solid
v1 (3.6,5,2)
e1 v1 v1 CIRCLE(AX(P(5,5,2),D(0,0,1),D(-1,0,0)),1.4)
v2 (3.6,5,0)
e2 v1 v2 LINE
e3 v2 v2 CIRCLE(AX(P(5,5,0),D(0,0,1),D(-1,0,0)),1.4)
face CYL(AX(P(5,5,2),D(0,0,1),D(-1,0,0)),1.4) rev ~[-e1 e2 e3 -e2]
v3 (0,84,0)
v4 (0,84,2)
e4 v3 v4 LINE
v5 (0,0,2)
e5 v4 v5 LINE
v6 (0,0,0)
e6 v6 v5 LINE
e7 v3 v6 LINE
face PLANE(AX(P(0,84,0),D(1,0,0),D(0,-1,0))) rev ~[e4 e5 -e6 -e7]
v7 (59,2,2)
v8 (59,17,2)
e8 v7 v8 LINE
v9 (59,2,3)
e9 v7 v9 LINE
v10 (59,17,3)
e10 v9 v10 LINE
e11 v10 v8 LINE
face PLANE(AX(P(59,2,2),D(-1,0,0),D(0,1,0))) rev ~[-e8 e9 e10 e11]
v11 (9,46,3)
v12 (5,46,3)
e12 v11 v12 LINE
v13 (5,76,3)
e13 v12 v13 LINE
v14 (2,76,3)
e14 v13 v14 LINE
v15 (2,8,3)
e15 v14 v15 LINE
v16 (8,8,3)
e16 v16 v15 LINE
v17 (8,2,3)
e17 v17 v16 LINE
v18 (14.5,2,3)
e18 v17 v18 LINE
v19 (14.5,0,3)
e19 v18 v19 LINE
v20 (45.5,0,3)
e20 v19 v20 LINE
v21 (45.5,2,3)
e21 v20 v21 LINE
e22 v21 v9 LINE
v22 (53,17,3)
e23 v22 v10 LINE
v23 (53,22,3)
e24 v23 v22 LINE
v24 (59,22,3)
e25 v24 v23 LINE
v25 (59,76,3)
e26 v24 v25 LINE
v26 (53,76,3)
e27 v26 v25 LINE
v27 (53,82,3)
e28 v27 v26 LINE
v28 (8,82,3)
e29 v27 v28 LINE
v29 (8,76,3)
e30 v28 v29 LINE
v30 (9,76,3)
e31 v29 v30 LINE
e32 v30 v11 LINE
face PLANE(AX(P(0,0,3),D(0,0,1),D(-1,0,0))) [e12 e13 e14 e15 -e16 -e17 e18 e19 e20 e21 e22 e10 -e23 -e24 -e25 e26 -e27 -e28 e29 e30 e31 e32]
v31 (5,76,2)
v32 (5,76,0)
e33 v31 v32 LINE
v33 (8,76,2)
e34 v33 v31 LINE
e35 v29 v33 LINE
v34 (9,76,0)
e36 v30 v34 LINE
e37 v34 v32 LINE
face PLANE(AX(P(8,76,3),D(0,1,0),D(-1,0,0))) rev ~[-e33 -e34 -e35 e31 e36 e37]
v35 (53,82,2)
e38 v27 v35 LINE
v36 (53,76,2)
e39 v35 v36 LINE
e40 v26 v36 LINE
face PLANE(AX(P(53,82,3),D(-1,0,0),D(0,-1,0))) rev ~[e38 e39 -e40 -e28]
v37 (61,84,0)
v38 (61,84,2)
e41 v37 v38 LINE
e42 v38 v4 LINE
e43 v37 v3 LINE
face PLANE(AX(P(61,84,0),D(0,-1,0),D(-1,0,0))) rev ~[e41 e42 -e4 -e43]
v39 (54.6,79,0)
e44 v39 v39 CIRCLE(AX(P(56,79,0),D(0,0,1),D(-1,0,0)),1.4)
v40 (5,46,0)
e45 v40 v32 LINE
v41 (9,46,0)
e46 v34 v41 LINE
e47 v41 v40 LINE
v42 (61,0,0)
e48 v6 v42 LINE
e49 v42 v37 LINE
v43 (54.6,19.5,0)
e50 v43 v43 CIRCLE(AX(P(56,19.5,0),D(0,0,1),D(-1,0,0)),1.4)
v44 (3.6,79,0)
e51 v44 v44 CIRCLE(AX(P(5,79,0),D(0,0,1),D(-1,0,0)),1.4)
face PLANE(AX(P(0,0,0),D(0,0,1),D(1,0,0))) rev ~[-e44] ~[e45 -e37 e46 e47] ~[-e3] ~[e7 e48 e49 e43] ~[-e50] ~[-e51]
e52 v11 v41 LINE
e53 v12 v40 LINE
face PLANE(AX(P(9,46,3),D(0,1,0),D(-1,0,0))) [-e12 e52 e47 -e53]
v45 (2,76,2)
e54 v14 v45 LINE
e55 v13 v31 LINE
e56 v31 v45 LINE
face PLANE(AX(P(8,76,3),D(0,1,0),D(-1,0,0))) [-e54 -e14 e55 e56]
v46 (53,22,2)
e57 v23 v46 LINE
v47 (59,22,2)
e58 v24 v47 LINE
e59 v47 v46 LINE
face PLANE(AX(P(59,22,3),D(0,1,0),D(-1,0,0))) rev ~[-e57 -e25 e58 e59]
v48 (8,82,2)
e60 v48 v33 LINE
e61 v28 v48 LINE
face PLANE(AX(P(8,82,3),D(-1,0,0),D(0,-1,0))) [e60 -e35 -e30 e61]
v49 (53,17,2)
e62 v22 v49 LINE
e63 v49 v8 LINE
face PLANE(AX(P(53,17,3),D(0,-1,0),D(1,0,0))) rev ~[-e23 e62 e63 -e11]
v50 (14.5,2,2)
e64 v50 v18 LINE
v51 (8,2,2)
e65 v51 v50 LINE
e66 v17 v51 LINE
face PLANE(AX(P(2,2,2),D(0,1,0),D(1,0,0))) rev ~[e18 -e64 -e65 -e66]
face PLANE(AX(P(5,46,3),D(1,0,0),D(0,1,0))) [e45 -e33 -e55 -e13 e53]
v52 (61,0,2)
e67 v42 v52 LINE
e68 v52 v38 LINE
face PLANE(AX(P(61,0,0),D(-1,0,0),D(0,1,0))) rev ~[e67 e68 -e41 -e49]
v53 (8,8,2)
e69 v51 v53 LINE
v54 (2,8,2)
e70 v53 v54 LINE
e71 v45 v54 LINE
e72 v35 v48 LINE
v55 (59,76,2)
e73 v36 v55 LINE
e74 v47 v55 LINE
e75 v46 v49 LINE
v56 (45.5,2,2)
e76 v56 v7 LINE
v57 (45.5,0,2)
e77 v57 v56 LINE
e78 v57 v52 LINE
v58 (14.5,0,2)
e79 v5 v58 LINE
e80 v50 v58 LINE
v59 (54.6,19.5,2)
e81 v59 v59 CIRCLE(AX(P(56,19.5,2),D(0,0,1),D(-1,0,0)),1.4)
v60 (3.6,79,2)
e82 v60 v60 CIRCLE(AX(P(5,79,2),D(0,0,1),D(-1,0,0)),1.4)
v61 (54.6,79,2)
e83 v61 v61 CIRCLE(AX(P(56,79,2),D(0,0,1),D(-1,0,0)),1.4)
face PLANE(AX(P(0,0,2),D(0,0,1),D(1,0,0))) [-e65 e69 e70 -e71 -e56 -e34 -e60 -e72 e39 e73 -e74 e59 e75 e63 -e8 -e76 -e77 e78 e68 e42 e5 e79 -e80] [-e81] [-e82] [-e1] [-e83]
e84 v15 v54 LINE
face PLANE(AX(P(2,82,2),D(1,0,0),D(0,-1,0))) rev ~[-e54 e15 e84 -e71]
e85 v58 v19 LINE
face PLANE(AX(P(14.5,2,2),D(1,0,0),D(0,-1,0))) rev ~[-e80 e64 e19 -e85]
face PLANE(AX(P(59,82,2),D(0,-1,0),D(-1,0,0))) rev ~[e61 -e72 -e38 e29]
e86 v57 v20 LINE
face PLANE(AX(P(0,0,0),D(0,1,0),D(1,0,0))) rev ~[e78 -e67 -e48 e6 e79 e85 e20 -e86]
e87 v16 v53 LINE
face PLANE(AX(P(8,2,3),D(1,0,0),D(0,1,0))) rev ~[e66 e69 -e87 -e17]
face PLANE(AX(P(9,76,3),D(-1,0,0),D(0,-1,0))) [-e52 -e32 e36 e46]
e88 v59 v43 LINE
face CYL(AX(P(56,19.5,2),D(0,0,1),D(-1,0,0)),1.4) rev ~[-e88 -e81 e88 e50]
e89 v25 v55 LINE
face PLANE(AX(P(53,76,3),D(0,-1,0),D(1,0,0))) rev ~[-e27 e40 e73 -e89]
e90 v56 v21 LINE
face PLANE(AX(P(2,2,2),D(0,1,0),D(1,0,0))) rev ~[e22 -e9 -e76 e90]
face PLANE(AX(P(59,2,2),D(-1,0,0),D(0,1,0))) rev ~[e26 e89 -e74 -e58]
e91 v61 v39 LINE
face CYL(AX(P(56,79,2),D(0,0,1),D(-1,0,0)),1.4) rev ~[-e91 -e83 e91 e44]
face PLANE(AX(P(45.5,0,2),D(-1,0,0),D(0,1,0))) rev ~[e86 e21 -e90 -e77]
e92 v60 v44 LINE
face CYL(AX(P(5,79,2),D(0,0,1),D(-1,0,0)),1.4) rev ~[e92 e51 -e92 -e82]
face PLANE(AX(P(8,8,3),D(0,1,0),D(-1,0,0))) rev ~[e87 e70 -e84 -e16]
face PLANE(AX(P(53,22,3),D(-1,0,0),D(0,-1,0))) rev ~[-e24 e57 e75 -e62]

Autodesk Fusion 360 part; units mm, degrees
sketch "Sketch1" plane through (0, 0, 0) normal (0, 0, 1) x (1, 0, 0)
  line L0 (0, 0) -> (61, 0)
  line L1 (61, 0) -> (61, 84)
  line L2 (61, 84) -> (0, 84)
  line L3 (0, 84) -> (0, 0)
  dimension "d1" = 61
  dimension "d2" = 84
extrude "Extrude1" add sketch "Sketch1" along normal blind 2
sketch "Sketch2" plane through (0, 0, 2) normal (0, 0, 1) x (-1, 0, 0)
  line L0 (0, -84) -> (0, 0)
  line L1 (0, 0) -> (-61, 0)
  line L2 (-61, 0) -> (-61, -84)
  line L3 (-61, -84) -> (0, -84)
  line L4 (-2, -2) -> (-59, -2)
  line L5 (-59, -2) -> (-59, -82)
  line L6 (-59, -82) -> (-2, -82)
  line L7 (-2, -82) -> (-2, -2)
  dimension "d5" = 57
  dimension "d6" = 80
extrude "Extrude2" add sketch "Sketch2" along normal blind 1 contours L4 L5 L6 L7
sketch "Sketch3" plane through (0, 0, 3) normal (0, 0, 1) x (-1, 0, 0)
  line L0 (-2, -82) -> (-2, -2)
  line L1 (-2, -2) -> (-59, -2)
  line L2 (-59, -2) -> (-59, -82)
  line L3 (-59, -82) -> (-2, -82)
  line L4 (-59, -82) -> (-53, -82)
  line L5 (-53, -82) -> (-53, -76)
  line L6 (-53, -76) -> (-59, -76)
  line L7 (-59, -76) -> (-59, -82)
extrude "Extrude3" cut sketch "Sketch3" against normal blind 1 contours L2 L3 L4 L5 L6 L7
sketch "Sketch4" plane through (0, 0, 3) normal (0, 0, 1) x (-1, 0, 0)
  line L0 (-53, -76) -> (-53, -82)
  line L1 (-53, -82) -> (-2, -82)
  line L2 (-2, -82) -> (-2, -2)
  line L3 (-2, -2) -> (-59, -2)
  line L4 (-59, -2) -> (-59, -76)
  line L5 (-59, -76) -> (-53, -76)
  line L6 (-2, -82) -> (-8, -82)
  line L7 (-8, -82) -> (-8, -76)
  line L8 (-8, -76) -> (-2, -76)
  line L9 (-2, -76) -> (-2, -82)
extrude "Extrude4" cut sketch "Sketch4" against normal blind 1 contours L1 L2 L6 L7 L8 L9
sketch "Sketch5" plane through (0, 0, 3) normal (0, 0, 1) x (-1, 0, 0)
  line L0 (-8, -76) -> (-2, -76)
  line L1 (-2, -76) -> (-2, -2)
  line L2 (-2, -2) -> (-59, -2)
  line L3 (-59, -2) -> (-59, -76)
  line L4 (-59, -76) -> (-53, -76)
  line L5 (-53, -76) -> (-53, -82)
  line L6 (-53, -82) -> (-8, -82)
  line L7 (-8, -82) -> (-8, -76)
  line L8 (-2, -2) -> (-8, -2)
  line L9 (-8, -2) -> (-8, -8)
  line L10 (-8, -8) -> (-2, -8)
  line L11 (-2, -8) -> (-2, -2)
extrude "Extrude5" cut sketch "Sketch5" against normal blind 1 contours L1 L2 L8 L9 L10 L11
sketch "Sketch6" plane through (0, 0, 2) normal (0, 0, 1) x (-1, 0, 0)
  line L0 (-8, -82) -> (-53, -82)
  line L1 (-53, -82) -> (-53, -76)
  line L2 (-53, -76) -> (-59, -76)
  line L3 (-59, -76) -> (-59, -2)
  line L4 (-59, -2) -> (-8, -2)
  line L5 (-8, -2) -> (-8, -8)
  line L6 (-8, -8) -> (-2, -8)
  line L7 (-2, -8) -> (-2, -76)
  line L8 (-2, -76) -> (-8, -76)
  line L9 (-8, -76) -> (-8, -82)
  line L10 (0, -84) -> (0, 0)
  line L11 (0, 0) -> (-61, 0)
  line L12 (-61, 0) -> (-61, -84)
  line L13 (-61, -84) -> (0, -84)
  line L14 (-14.5, 0) -> (-45.5, 0)
  line L15 (-45.5, 0) -> (-45.5, -2)
  line L16 (-45.5, -2) -> (-14.5, -2)
  line L17 (-14.5, -2) -> (-14.5, 0)
  dimension "d15" = 31
  dimension "d16" = 2
extrude "Extrude6" add sketch "Sketch6" along normal blind 1 contours L4 L11 L14 L15 L16 L17
sketch "Sketch7" plane through (0, 0, 3) normal (0, 0, 1) x (-1, 0, 0)
  line L0 (-8, -8) -> (-8, -2)
  line L1 (-8, -2) -> (-14.5, -2)
  line L2 (-14.5, -2) -> (-14.5, 0)
  line L3 (-14.5, 0) -> (-45.5, 0)
  line L4 (-45.5, 0) -> (-45.5, -2)
  line L5 (-45.5, -2) -> (-59, -2)
  line L6 (-59, -2) -> (-59, -76)
  line L7 (-59, -76) -> (-53, -76)
  line L8 (-53, -76) -> (-53, -82)
  line L9 (-53, -82) -> (-8, -82)
  line L10 (-8, -82) -> (-8, -76)
  line L11 (-8, -76) -> (-2, -76)
  line L12 (-2, -76) -> (-2, -8)
  line L13 (-2, -8) -> (-8, -8)
  line L14 (-53, -17) -> (-59, -17)
  line L15 (-59, -17) -> (-59, -22)
  line L16 (-59, -22) -> (-53, -22)
  line L17 (-53, -22) -> (-53, -17)
  dimension "d19" = 5
extrude "Extrude7" cut sketch "Sketch7" against normal blind 1 contours L6 L14 L15 L16 L17
sketch "Sketch8" plane through (0, 0, 3) normal (0, 0, 1) x (-1, 0, 0)
  line L0 (-53, -22) -> (-59, -22)
  line L1 (-59, -22) -> (-59, -76)
  line L2 (-59, -76) -> (-53, -76)
  line L3 (-53, -76) -> (-53, -82)
  line L4 (-53, -82) -> (-8, -82)
  line L5 (-8, -82) -> (-8, -76)
  line L6 (-8, -76) -> (-2, -76)
  line L7 (-2, -76) -> (-2, -8)
  line L8 (-2, -8) -> (-8, -8)
  line L9 (-8, -8) -> (-8, -2)
  line L10 (-8, -2) -> (-14.5, -2)
  line L11 (-14.5, -2) -> (-14.5, 0)
  line L12 (-14.5, 0) -> (-45.5, 0)
  line L13 (-45.5, 0) -> (-45.5, -2)
  line L14 (-45.5, -2) -> (-59, -2)
  line L15 (-59, -2) -> (-59, -17)
  line L16 (-59, -17) -> (-53, -17)
  line L17 (-53, -17) -> (-53, -22)
  line L18 (-5, -76) -> (-9, -76)
  line L19 (-9, -76) -> (-9, -46)
  line L20 (-9, -46) -> (-5, -46)
  line L21 (-5, -46) -> (-5, -76)
  dimension "d22" = 4
  dimension "d23" = 30
extrude "Extrude8" cut sketch "Sketch8" against normal blind 4 contours L6 L18 L19 L20 L21
sketch "Sketch9" plane through (0, 0, 2) normal (0, 0, 1) x (-1, 0, 0)
  line L0 (-45.5, -2) -> (-45.5, 0)
  line L1 (-45.5, 0) -> (-61, 0)
  line L2 (-61, 0) -> (-61, -84)
  line L3 (-61, -84) -> (0, -84)
  line L4 (0, -84) -> (0, 0)
  line L5 (0, 0) -> (-14.5, 0)
  line L6 (-14.5, 0) -> (-14.5, -2)
  line L7 (-14.5, -2) -> (-8, -2)
  line L8 (-8, -2) -> (-8, -8)
  line L9 (-8, -8) -> (-2, -8)
  line L10 (-2, -8) -> (-2, -76)
  line L11 (-2, -76) -> (-5, -76)
  line L12 (-5, -76) -> (-8, -76)
  line L13 (-8, -76) -> (-8, -82)
  line L14 (-8, -82) -> (-53, -82)
  line L15 (-53, -82) -> (-53, -76)
  line L16 (-53, -76) -> (-59, -76)
  line L17 (-59, -76) -> (-59, -22)
  line L18 (-59, -22) -> (-53, -22)
  line L19 (-53, -22) -> (-53, -17)
  line L20 (-53, -17) -> (-59, -17)
  line L21 (-59, -17) -> (-59, -2)
  line L22 (-59, -2) -> (-45.5, -2)
  circle A0 centre (-56, -79) radius 1.4
  dimension "d26" = 2.8
extrude "Extrude9" cut sketch "Sketch9" against normal blind 3.5 contours A0
sketch "Sketch10" plane through (0, 0, 2) normal (0, 0, 1) x (-1, 0, 0)
  circle A0 centre (-56, -79) radius 1.4
  line L0 (-45.5, -2) -> (-45.5, 0)
  line L1 (-45.5, 0) -> (-61, 0)
  line L2 (-61, 0) -> (-61, -84)
  line L3 (-61, -84) -> (0, -84)
  line L4 (0, -84) -> (0, 0)
  line L5 (0, 0) -> (-14.5, 0)
  line L6 (-14.5, 0) -> (-14.5, -2)
  line L7 (-14.5, -2) -> (-8, -2)
  line L8 (-8, -2) -> (-8, -8)
  line L9 (-8, -8) -> (-2, -8)
  line L10 (-2, -8) -> (-2, -76)
  line L11 (-2, -76) -> (-5, -76)
  line L12 (-5, -76) -> (-8, -76)
  line L13 (-8, -76) -> (-8, -82)
  line L14 (-8, -82) -> (-53, -82)
  line L15 (-53, -82) -> (-53, -76)
  line L16 (-53, -76) -> (-59, -76)
  line L17 (-59, -76) -> (-59, -22)
  line L18 (-59, -22) -> (-53, -22)
  line L19 (-53, -22) -> (-53, -17)
  line L20 (-53, -17) -> (-59, -17)
  line L21 (-59, -17) -> (-59, -2)
  line L22 (-59, -2) -> (-45.5, -2)
  circle A1 centre (-5, -79) radius 1.4
  dimension "d29" = 2.8
extrude "Extrude10" cut sketch "Sketch10" against normal blind 4.5 contours A1
sketch "Sketch11" plane through (0, 0, 2) normal (0, 0, 1) x (-1, 0, 0)
  circle A0 centre (-5, -79) radius 1.4
  circle A1 centre (-56, -79) radius 1.4
  line L0 (-45.5, -2) -> (-45.5, 0)
  line L1 (-45.5, 0) -> (-61, 0)
  line L2 (-61, 0) -> (-61, -84)
  line L3 (-61, -84) -> (0, -84)
  line L4 (0, -84) -> (0, 0)
  line L5 (0, 0) -> (-14.5, 0)
  line L6 (-14.5, 0) -> (-14.5, -2)
  line L7 (-14.5, -2) -> (-8, -2)
  line L8 (-8, -2) -> (-8, -8)
  line L9 (-8, -8) -> (-2, -8)
  line L10 (-2, -8) -> (-2, -76)
  line L11 (-2, -76) -> (-5, -76)
  line L12 (-5, -76) -> (-8, -76)
  line L13 (-8, -76) -> (-8, -82)
  line L14 (-8, -82) -> (-53, -82)
  line L15 (-53, -82) -> (-53, -76)
  line L16 (-53, -76) -> (-59, -76)
  line L17 (-59, -76) -> (-59, -22)
  line L18 (-59, -22) -> (-53, -22)
  line L19 (-53, -22) -> (-53, -17)
  line L20 (-53, -17) -> (-59, -17)
  line L21 (-59, -17) -> (-59, -2)
  line L22 (-59, -2) -> (-45.5, -2)
  circle A2 centre (-5, -5) radius 1.4
  dimension "d32" = 2.8
extrude "Extrude11" cut sketch "Sketch11" against normal blind 5 contours A2
sketch "Sketch12" plane through (0, 0, 2) normal (0, 0, 1) x (-1, 0, 0)
  circle A0 centre (-5, -5) radius 1.4
  circle A1 centre (-5, -79) radius 1.4
  circle A2 centre (-56, -79) radius 1.4
  line L0 (-45.5, -2) -> (-45.5, 0)
  line L1 (-45.5, 0) -> (-61, 0)
  line L2 (-61, 0) -> (-61, -84)
  line L3 (-61, -84) -> (0, -84)
  line L4 (0, -84) -> (0, 0)
  line L5 (0, 0) -> (-14.5, 0)
  line L6 (-14.5, 0) -> (-14.5, -2)
  line L7 (-14.5, -2) -> (-8, -2)
  line L8 (-8, -2) -> (-8, -8)
  line L9 (-8, -8) -> (-2, -8)
  line L10 (-2, -8) -> (-2, -76)
  line L11 (-2, -76) -> (-5, -76)
  line L12 (-5, -76) -> (-8, -76)
  line L13 (-8, -76) -> (-8, -82)
  line L14 (-8, -82) -> (-53, -82)
  line L15 (-53, -82) -> (-53, -76)
  line L16 (-53, -76) -> (-59, -76)
  line L17 (-59, -76) -> (-59, -22)
  line L18 (-59, -22) -> (-53, -22)
  line L19 (-53, -22) -> (-53, -17)
  line L20 (-53, -17) -> (-59, -17)
  line L21 (-59, -17) -> (-59, -2)
  line L22 (-59, -2) -> (-45.5, -2)
  circle A3 centre (-56, -19.5) radius 1.4
  dimension "d35" = 2.8
extrude "Extrude12" cut sketch "Sketch12" against normal blind 4.5 contours A3
